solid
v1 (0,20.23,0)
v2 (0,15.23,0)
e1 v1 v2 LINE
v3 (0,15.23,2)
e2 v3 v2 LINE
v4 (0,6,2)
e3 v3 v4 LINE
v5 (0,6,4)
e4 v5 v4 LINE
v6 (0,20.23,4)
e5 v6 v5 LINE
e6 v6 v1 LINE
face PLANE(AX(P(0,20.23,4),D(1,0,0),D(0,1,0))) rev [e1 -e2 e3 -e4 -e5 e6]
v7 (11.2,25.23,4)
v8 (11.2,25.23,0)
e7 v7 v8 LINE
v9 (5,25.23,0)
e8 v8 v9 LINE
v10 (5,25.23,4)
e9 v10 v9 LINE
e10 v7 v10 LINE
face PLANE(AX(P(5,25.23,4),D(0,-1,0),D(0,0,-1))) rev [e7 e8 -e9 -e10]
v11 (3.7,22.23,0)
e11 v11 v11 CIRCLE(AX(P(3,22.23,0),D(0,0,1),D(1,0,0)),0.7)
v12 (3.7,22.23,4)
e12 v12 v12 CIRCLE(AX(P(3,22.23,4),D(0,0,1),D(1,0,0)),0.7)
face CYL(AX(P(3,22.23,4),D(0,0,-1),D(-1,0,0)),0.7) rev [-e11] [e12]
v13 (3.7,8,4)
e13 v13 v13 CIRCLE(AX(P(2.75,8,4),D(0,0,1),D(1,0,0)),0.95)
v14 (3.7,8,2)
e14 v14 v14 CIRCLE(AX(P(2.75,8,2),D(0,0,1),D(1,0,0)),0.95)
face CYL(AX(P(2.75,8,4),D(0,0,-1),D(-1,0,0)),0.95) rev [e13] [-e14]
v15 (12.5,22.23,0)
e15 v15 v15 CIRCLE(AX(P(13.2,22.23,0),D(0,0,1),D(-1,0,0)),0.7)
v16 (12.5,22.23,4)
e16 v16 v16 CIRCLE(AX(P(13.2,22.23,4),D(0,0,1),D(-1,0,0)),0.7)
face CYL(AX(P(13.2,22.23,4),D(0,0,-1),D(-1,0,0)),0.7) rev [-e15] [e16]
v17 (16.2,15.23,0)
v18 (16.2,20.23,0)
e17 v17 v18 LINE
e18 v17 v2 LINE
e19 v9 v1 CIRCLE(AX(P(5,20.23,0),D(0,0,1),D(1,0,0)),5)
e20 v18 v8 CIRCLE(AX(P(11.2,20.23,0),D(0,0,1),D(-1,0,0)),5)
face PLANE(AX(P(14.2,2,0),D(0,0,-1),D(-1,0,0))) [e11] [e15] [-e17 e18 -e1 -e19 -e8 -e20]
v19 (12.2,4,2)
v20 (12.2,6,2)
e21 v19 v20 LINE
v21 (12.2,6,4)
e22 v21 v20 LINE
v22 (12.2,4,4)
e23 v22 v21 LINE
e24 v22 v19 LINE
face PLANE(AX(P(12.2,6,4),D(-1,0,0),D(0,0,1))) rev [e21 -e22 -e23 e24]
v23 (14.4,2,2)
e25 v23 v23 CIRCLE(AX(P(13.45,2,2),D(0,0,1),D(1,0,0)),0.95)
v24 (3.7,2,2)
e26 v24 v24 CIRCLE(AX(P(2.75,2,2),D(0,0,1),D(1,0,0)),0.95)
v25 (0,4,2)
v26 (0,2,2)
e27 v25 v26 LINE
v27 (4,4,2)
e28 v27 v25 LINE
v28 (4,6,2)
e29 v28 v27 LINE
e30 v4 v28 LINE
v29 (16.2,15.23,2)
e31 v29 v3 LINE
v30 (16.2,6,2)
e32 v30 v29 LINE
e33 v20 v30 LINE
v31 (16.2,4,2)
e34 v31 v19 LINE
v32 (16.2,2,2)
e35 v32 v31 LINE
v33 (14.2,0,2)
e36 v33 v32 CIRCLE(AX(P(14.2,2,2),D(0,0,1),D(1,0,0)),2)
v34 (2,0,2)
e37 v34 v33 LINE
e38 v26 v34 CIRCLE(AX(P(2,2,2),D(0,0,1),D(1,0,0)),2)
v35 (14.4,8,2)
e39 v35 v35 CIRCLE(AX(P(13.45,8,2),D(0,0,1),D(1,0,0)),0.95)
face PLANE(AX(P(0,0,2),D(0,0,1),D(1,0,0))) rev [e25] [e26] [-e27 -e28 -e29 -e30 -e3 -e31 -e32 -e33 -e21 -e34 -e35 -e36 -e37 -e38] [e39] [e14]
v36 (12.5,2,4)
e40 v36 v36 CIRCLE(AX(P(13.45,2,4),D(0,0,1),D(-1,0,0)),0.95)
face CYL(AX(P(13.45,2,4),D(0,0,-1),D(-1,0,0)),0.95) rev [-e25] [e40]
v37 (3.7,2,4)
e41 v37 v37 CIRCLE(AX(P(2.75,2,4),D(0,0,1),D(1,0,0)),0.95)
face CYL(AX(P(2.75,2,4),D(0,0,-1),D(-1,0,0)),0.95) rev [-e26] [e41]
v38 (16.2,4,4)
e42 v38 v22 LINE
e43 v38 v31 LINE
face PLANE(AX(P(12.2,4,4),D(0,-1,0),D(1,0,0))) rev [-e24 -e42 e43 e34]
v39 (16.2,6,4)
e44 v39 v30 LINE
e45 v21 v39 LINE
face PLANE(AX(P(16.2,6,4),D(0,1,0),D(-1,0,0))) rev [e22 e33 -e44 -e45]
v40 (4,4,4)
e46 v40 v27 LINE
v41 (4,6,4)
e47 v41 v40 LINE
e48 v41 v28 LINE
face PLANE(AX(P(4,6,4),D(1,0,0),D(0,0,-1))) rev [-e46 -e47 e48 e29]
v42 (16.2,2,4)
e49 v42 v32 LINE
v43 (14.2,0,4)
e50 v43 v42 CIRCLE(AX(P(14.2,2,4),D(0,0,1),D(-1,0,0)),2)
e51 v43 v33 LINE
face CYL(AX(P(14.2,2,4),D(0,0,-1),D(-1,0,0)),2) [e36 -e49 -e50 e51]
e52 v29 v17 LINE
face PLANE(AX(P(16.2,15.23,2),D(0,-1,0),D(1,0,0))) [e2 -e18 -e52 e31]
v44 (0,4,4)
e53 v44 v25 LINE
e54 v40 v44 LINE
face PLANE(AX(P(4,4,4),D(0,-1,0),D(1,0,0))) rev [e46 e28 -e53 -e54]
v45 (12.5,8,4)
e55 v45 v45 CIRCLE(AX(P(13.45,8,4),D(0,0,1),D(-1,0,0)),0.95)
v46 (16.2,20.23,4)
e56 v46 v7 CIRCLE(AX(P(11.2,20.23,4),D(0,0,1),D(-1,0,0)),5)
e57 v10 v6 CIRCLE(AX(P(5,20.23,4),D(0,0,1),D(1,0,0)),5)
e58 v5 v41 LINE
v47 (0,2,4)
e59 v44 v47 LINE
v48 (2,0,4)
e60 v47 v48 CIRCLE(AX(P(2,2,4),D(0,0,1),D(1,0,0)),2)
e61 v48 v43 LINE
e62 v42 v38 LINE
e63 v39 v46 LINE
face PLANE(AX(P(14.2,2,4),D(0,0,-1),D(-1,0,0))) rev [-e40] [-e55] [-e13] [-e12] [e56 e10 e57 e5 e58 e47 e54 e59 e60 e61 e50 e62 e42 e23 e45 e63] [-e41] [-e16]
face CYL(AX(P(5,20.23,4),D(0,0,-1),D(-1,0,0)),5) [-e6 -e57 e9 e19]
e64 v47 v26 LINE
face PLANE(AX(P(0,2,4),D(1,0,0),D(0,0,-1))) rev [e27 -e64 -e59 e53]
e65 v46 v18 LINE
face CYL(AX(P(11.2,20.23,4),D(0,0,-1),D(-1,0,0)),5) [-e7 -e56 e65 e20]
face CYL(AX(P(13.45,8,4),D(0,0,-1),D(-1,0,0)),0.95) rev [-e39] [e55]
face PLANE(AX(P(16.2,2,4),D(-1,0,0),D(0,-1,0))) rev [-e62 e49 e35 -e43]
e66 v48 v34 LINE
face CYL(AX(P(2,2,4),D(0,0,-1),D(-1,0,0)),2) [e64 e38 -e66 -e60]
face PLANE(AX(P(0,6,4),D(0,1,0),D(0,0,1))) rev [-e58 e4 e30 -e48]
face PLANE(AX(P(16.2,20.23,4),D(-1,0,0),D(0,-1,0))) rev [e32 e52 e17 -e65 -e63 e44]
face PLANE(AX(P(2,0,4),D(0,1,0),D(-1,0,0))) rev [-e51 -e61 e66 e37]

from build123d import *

# Parameters (mm, degrees)
SKETCH1_R           = 0.95
SKETCH1_R_2         = 0.7
BOSS_EXTRUDE1_DEPTH = 4
SKETCH2_W           = 16.2
SKETCH2_H           = 15.23
CUT_EXTRUDE1_DEPTH  = 2


with BuildPart() as part:
    # Sketch1 → Boss-Extrude1 (new body)
    with BuildSketch(Plane.XY):
        with BuildLine():
            Line((2, 0), (14.2, 0))
            ThreePointArc((14.2, 0), (15.614213562, 0.585786438), (16.2, 2))
            Line((16.2, 2), (16.2, 4))
            Line((16.2, 4), (12.2, 4))
            Line((12.2, 4), (12.2, 6))
            Line((12.2, 6), (16.2, 6))
            Line((16.2, 6), (16.2, 20.23))
            ThreePointArc((16.2, 20.23), (14.735533906, 23.765533906), (11.2, 25.23))
            Line((11.2, 25.23), (5, 25.23))
            ThreePointArc((5, 25.23), (1.464466094, 23.765533906), (0, 20.23))
            Line((0, 20.23), (0, 6))
            Line((0, 6), (4, 6))
            Line((4, 6), (4, 4))
            Line((4, 4), (0, 4))
            Line((0, 4), (0, 2))
            ThreePointArc((0, 2), (0.585786438, 0.585786438), (2, 0))
        make_face()
        with Locations((13.45, 2)):
            Circle(SKETCH1_R, mode=Mode.SUBTRACT)
        with Locations((13.2, 22.23)):
            Circle(SKETCH1_R_2, mode=Mode.SUBTRACT)
        with Locations((2.75, 8)):
            Circle(SKETCH1_R, mode=Mode.SUBTRACT)
        with Locations((13.45, 8)):
            Circle(SKETCH1_R, mode=Mode.SUBTRACT)
        with Locations((3, 22.23)):
            Circle(SKETCH1_R_2, mode=Mode.SUBTRACT)
        with Locations((2.75, 2)):
            Circle(SKETCH1_R, mode=Mode.SUBTRACT)
    extrude(amount=BOSS_EXTRUDE1_DEPTH)

    # Sketch2 → Cut-Extrude1 (cut)
    with BuildSketch(Plane.XY):
        with Locations((8.1, 7.615)):
            Rectangle(SKETCH2_W, SKETCH2_H)
    extrude(amount=CUT_EXTRUDE1_DEPTH, mode=Mode.SUBTRACT)


solid = part.part
